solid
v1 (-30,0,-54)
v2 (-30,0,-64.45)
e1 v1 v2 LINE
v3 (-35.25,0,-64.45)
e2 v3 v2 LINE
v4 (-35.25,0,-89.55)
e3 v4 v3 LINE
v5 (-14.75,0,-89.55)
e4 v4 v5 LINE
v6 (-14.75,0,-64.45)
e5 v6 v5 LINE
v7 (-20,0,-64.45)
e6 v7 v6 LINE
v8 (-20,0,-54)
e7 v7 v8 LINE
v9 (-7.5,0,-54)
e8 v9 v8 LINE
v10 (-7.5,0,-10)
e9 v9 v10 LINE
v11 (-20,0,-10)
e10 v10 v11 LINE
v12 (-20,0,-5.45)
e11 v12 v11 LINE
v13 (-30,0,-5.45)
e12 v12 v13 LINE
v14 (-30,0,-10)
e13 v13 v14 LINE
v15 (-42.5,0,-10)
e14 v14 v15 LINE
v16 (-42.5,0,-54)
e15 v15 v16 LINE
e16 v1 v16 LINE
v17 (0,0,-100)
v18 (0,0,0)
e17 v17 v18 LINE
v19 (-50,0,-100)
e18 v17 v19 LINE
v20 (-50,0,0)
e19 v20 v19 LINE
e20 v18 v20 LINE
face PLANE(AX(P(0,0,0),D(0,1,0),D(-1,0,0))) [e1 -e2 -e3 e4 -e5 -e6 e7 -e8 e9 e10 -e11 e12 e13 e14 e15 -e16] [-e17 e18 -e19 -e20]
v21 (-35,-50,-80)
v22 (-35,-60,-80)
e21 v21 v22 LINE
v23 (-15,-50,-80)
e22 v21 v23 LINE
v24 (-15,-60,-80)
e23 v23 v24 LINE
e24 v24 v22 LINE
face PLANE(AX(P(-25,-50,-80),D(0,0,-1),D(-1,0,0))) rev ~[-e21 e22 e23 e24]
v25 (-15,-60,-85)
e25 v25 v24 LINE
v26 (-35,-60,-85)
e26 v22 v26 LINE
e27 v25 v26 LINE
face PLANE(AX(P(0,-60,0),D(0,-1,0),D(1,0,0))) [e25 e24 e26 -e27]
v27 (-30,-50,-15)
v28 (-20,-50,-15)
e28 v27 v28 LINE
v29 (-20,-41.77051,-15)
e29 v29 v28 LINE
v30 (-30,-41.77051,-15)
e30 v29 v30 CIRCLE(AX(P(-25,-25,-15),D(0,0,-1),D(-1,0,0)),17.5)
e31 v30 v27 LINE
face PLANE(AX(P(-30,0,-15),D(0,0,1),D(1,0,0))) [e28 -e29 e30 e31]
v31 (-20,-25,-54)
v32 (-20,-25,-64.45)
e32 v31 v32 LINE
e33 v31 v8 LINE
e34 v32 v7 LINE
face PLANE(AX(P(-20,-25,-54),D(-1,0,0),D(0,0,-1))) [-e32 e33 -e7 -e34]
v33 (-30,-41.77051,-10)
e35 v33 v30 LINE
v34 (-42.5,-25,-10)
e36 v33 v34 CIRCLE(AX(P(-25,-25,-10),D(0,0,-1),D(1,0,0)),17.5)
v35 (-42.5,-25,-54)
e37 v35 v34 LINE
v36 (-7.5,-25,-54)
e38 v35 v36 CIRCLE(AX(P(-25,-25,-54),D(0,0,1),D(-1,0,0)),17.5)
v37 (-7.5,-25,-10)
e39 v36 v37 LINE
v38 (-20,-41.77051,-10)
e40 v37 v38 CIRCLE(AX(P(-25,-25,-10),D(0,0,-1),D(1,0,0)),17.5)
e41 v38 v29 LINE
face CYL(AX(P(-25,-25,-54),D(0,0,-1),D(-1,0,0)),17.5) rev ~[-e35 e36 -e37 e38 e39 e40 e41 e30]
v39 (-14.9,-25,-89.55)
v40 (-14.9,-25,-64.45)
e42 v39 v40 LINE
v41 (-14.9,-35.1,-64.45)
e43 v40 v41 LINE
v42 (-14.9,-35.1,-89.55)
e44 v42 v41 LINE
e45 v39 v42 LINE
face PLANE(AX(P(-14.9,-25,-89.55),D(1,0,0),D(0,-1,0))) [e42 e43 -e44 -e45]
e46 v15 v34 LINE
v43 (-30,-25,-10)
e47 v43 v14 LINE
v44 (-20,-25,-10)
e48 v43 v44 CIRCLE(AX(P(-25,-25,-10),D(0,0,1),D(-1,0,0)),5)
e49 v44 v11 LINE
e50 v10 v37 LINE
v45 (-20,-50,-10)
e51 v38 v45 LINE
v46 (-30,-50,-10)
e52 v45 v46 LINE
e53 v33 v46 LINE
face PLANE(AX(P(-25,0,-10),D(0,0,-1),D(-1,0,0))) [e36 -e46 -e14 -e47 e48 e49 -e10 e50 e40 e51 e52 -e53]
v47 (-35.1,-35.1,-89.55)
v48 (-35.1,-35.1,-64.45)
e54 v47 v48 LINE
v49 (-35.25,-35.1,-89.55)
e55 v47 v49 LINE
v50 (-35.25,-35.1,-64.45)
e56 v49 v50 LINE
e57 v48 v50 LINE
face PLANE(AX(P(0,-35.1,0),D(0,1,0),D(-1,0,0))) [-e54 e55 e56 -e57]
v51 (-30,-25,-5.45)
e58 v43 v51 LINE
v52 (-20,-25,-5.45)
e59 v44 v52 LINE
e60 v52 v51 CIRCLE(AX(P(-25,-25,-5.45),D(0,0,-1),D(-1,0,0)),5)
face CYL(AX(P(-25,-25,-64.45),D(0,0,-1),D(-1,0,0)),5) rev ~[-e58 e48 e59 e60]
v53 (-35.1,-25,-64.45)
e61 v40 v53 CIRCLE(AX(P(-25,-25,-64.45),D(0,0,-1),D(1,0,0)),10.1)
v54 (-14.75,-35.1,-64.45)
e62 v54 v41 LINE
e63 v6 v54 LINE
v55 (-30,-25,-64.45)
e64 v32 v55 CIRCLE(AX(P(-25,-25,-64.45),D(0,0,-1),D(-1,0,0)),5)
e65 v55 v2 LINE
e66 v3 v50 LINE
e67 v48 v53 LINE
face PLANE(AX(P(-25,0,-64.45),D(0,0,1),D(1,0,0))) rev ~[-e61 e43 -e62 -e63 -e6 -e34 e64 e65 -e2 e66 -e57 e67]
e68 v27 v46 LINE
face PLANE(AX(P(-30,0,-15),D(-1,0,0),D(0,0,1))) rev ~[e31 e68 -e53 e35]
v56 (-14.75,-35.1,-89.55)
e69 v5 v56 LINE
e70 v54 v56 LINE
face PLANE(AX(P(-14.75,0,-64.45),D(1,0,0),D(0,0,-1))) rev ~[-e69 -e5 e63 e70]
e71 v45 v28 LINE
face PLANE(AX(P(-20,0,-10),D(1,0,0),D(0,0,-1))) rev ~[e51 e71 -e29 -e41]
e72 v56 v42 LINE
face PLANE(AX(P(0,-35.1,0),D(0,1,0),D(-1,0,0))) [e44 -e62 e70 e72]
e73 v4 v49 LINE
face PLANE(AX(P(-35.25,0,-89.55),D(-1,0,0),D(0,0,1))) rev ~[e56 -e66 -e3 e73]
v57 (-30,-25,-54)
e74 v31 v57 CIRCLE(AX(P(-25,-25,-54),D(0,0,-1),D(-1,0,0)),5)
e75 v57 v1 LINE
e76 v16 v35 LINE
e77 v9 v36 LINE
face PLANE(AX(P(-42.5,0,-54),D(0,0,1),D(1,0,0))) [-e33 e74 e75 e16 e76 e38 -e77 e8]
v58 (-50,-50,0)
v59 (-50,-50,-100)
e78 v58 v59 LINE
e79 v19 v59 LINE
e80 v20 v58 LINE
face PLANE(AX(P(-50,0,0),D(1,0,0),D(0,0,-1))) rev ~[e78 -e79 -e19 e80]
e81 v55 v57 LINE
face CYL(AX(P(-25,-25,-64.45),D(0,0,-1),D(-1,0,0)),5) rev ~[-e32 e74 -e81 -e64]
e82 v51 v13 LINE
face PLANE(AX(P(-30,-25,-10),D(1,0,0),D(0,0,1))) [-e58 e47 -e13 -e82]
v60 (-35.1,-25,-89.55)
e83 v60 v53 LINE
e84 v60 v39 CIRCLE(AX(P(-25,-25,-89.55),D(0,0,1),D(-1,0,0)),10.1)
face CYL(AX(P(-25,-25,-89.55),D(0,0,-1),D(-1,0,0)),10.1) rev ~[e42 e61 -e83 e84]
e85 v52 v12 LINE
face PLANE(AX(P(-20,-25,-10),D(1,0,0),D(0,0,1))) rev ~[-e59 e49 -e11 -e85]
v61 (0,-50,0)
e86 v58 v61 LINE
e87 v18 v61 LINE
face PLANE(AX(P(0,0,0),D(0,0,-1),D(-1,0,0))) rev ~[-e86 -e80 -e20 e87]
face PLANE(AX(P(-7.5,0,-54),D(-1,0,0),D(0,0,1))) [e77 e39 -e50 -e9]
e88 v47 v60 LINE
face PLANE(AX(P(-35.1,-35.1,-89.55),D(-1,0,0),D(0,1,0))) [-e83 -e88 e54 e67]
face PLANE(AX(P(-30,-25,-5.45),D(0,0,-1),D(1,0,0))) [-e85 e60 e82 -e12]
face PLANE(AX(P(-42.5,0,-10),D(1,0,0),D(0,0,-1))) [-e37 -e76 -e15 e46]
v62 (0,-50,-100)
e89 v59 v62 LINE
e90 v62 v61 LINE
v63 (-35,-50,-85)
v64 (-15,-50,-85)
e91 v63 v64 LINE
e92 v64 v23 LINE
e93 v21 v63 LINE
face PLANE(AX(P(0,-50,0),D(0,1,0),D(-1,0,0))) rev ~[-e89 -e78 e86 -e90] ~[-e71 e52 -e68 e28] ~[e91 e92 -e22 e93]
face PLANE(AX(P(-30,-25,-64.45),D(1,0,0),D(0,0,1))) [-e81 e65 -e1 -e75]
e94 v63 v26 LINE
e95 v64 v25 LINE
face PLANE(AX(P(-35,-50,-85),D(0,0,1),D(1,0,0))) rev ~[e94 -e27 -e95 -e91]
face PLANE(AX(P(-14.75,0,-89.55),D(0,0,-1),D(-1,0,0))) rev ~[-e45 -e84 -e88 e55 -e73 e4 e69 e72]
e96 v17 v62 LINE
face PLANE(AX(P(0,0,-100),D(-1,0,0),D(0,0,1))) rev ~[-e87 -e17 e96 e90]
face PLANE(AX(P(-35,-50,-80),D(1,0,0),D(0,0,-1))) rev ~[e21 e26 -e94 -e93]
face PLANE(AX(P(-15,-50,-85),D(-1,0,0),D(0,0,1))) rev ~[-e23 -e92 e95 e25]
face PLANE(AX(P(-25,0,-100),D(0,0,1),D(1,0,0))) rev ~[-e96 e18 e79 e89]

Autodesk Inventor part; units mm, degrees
sketch "Sketch1" plane through (0, 0, 0) normal (0, 1, 0) x (-1, 0, 0)
  line L0 (0, 0) -> (50, 0)
  line L1 (50, 0) -> (50, -100)
  line L2 (50, -100) -> (0, -100)
  line L3 (0, -100) -> (0, 0)
  line L4 (25, 0) -> (25, -100)
  line L5 (7.5, -54) -> (7.5, -10)
  line L6 (7.5, -10) -> (42.5, -10)
  line L7 (42.5, -10) -> (42.5, -54)
  line L8 (42.5, -54) -> (7.5, -54)
  line L9 (7.5, -54) -> (42.5, -10) construction
  line L10 (7.5, -10) -> (42.5, -54) construction
  line L11 (7.5, -54) -> (51.5, -54) construction
  line L12 (14.75, -64.45) -> (14.75, -89.55)
  line L13 (14.75, -89.55) -> (35.25, -89.55)
  line L14 (35.25, -89.55) -> (35.25, -64.45)
  line L15 (35.25, -64.45) -> (14.75, -64.45)
  line L16 (14.75, -64.45) -> (35.25, -89.55) construction
  line L17 (14.75, -89.55) -> (35.25, -64.45) construction
  line L18 (14.75, -64.45) -> (39.85, -64.45) construction
  line L19 (25, -10) -> (25, -15)
  line L20 (25, -10) -> (30, -10) construction
  line L21 (20, -20) -> (30, -20)
  line L22 (30, -20) -> (30, -10)
  line L23 (30, -10) -> (20, -10)
  line L24 (20, -10) -> (20, -20)
  line L25 (20, -20) -> (30, -10) construction
  line L26 (30, -20) -> (20, -10) construction
  line L27 (20, -20) -> (30, -20) construction
  line L28 (30, -15) -> (20, -15)
  point P0 (25, -32)
  point P1 (25, -77)
  point P2 (25, -54)
  point P3 (25, -77)
  dimension "d0" = 50
  dimension "d1" = 100
  dimension "d4" = 44
  dimension "d5" = 90
  dimension "d6" = 35
  dimension "d7" = 10
  dimension "d8" = 25.1
  dimension "d9" = 90
  dimension "d10" = 20.5
  dimension "d35" = 5
  dimension "d36" = 90
  dimension "d37" = 0
extrude "Extrusion1" add sketch "Sketch1" against normal blind 50
ref_plane "Work Plane3" through (-14.75, 0, -89.55) normal (0, 0, -1) x (-1, 0, 0)
ref_plane "Work Plane4" through (-7.5, 0, -54) normal (0, 0, -1) x (-1, 0, 0)
sketch "Sketch3" plane through (-14.75, 0, -89.55) normal (0, 0, -1) x (-1, 0, 0)
  line L0 (35.25, 0) -> (-14.75, 0) projected
  line L1 (35.25, 0) -> (35.25, -50) projected
  line L2 (-14.75, -50) -> (35.25, -50) projected
  line L3 (-14.75, 0) -> (-14.75, -50) projected
  circle A0 centre (10.25, -25) radius 10.1
  line L4 (20.35, -35.1) -> (20.35, -14.9)
  line L5 (20.35, -14.9) -> (0.15, -14.9)
  line L6 (0.15, -14.9) -> (0.15, -35.1)
  line L7 (0.15, -35.1) -> (20.35, -35.1)
  line L8 (20.35, -35.1) -> (0.15, -14.9) construction
  line L9 (20.35, -14.9) -> (0.15, -35.1) construction
  line L10 (20.35, -35.1) -> (40.55, -35.1) construction
  point P0 (10.25, -35.1)
  point P1 (0.15, -25)
  point P2 (20.35, -25)
  dimension "d18" = 20.2
  dimension "d21" = 90
ref_plane "Work Plane5" through (-14.75, 0, -64.45) normal (0, 0, -1) x (-1, 0, 0)
ref_plane "Work Plane6" through (-7.5, 0, -10) normal (0, 0, -1) x (-1, 0, 0)
ref_plane "Work Plane7" through (-35.1, -35.1, -89.55) normal (0, 1, 0) x (1, 0, 0)
extrude "Extrusion5" cut sketch "Sketch1" against normal up to surface (35.1 mm away) contours L13 L12 L15 L4 | L4 L15 L14 L13
extrude "Extrusion6" add sketch "Sketch3" against normal up to surface (25.1 mm away) contours L4 L7 A0 | L7 L6 A0
sketch "Sketch4" plane through (-7.5, 0, -54) normal (0, 0, -1) x (-1, 0, 0)
  line L0 (42.5, 0) -> (-7.5, 0) projected
  line L1 (42.5, 0) -> (42.5, -50) projected
  line L2 (-7.5, -50) -> (42.5, -50) projected
  line L3 (-7.5, 0) -> (-7.5, -50) projected
  circle A0 centre (17.5, -25) radius 17.5
  line L4 (0, -42.5) -> (0, -7.5)
  line L5 (0, -7.5) -> (35, -7.5)
  line L6 (35, -7.5) -> (35, -42.5)
  line L7 (35, -42.5) -> (0, -42.5)
  line L8 (0, -42.5) -> (35, -7.5) construction
  line L9 (0, -7.5) -> (35, -42.5) construction
  line L10 (0, -42.5) -> (35, -42.5) construction
  point P0 (17.5, -42.5)
  point P1 (35, -25)
  point P2 (0, -25)
  dimension "d26" = 35
  dimension "d27" = 90
ref_plane "Work Plane8" through (-7.5, -42.5, -54) normal (0, 1, 0) x (1, 0, 0)
extrude "Extrusion7" cut sketch "Sketch1" against normal up to surface (42.5 mm away) contours L6 L22 L28 L4 | L4 L28 L24 L6 | L28 L22 L21 L4 | L4 L21 L24 L28 | L24 L21 L4 L8 L5 L6 | L6 L7 L8 L4 L21 L22
extrude "Extrusion8" add sketch "Sketch4" against normal up to surface (44 mm away) contours L6 L7 A0 | L7 L4 A0
sketch "Sketch5" plane through (-14.75, 0, -64.45) normal (0, 0, -1) x (-1, 0, 0)
  line L0 (35.25, 0) -> (-14.75, 0) projected
  line L1 (35.25, 0) -> (35.25, -50) projected
  line L2 (-14.75, -50) -> (35.25, -50) projected
  line L3 (-14.75, 0) -> (-14.75, -50) projected
  circle A0 centre (10.25, -25) radius 5
  dimension "d32" = 10
extrude "Extrusion9" cut sketch "Sketch5" against normal blind 59 contours A0
extrude "Extrusion10" cut sketch "Sketch1" against normal through all contours L6 L22 L28 L4 | L4 L28 L24 L6
ref_plane "Work Plane9" through (-25, -25, -64.45) normal (0, 1, 0) x (1, 0, 0)
sketch "Sketch6" plane through (-25, -25, -64.45) normal (0, 1, 0) x (1, 0, 0)
  line L0 (-5, 0) -> (-5, -10.45) projected
  line L1 (-5, 0) -> (5, 0) projected
  line L2 (5, -10.45) -> (-5, -10.45) projected
  line L3 (5, -10.45) -> (-5, -10.45) projected
  line L4 (-5, -10.45) -> (5, -10.45)
  line L5 (5, -10.45) -> (5, 0)
  line L6 (5, 0) -> (-5, 0)
  line L7 (-5, 0) -> (-5, -10.45)
  line L8 (-5, -59) -> (5, -59) projected
  line L9 (-5, -54.45) -> (-5, -59) projected
  line L10 (5, -54.45) -> (5, -59) projected
  line L11 (-5, -54.45) -> (5, -54.45) projected
  line L12 (5, -54.45) -> (-5, -54.45)
  line L13 (-5, -54.45) -> (-5, -59)
  line L14 (-5, -59) -> (5, -59)
  line L15 (5, -59) -> (5, -54.45)
  point P0 (25, -64.45)
extrude "Extrusion11" cut sketch "Sketch6" along normal through all
sketch "Sketch7" plane through (0, -50, 0) normal (0, -1, 0) x (1, 0, 0)
  line L0 (-50, -100) -> (0, -100) projected
  line L1 (-25, -100) -> (-25, -80)
  line L2 (-25, -80) -> (-35, -80)
  line L3 (-35, -80) -> (-35, -85)
  line L4 (-35, -85) -> (-25, -85)
  line L5 (-25, -85) -> (-25, -80)
  line L6 (-35, -85) -> (-15, -85)
  line L7 (-15, -85) -> (-15, -80)
  line L8 (-15, -80) -> (-35, -80)
  line L9 (-35, -80) -> (-35, -85)
  point P0 (0, 0)
  dimension "d42" = 20
  dimension "d43" = 10
  dimension "d44" = 5
  dimension "d45" = 20
extrude "Extrusion12" add sketch "Sketch7" along normal blind 10
properties part number "dcmotor_housing"
